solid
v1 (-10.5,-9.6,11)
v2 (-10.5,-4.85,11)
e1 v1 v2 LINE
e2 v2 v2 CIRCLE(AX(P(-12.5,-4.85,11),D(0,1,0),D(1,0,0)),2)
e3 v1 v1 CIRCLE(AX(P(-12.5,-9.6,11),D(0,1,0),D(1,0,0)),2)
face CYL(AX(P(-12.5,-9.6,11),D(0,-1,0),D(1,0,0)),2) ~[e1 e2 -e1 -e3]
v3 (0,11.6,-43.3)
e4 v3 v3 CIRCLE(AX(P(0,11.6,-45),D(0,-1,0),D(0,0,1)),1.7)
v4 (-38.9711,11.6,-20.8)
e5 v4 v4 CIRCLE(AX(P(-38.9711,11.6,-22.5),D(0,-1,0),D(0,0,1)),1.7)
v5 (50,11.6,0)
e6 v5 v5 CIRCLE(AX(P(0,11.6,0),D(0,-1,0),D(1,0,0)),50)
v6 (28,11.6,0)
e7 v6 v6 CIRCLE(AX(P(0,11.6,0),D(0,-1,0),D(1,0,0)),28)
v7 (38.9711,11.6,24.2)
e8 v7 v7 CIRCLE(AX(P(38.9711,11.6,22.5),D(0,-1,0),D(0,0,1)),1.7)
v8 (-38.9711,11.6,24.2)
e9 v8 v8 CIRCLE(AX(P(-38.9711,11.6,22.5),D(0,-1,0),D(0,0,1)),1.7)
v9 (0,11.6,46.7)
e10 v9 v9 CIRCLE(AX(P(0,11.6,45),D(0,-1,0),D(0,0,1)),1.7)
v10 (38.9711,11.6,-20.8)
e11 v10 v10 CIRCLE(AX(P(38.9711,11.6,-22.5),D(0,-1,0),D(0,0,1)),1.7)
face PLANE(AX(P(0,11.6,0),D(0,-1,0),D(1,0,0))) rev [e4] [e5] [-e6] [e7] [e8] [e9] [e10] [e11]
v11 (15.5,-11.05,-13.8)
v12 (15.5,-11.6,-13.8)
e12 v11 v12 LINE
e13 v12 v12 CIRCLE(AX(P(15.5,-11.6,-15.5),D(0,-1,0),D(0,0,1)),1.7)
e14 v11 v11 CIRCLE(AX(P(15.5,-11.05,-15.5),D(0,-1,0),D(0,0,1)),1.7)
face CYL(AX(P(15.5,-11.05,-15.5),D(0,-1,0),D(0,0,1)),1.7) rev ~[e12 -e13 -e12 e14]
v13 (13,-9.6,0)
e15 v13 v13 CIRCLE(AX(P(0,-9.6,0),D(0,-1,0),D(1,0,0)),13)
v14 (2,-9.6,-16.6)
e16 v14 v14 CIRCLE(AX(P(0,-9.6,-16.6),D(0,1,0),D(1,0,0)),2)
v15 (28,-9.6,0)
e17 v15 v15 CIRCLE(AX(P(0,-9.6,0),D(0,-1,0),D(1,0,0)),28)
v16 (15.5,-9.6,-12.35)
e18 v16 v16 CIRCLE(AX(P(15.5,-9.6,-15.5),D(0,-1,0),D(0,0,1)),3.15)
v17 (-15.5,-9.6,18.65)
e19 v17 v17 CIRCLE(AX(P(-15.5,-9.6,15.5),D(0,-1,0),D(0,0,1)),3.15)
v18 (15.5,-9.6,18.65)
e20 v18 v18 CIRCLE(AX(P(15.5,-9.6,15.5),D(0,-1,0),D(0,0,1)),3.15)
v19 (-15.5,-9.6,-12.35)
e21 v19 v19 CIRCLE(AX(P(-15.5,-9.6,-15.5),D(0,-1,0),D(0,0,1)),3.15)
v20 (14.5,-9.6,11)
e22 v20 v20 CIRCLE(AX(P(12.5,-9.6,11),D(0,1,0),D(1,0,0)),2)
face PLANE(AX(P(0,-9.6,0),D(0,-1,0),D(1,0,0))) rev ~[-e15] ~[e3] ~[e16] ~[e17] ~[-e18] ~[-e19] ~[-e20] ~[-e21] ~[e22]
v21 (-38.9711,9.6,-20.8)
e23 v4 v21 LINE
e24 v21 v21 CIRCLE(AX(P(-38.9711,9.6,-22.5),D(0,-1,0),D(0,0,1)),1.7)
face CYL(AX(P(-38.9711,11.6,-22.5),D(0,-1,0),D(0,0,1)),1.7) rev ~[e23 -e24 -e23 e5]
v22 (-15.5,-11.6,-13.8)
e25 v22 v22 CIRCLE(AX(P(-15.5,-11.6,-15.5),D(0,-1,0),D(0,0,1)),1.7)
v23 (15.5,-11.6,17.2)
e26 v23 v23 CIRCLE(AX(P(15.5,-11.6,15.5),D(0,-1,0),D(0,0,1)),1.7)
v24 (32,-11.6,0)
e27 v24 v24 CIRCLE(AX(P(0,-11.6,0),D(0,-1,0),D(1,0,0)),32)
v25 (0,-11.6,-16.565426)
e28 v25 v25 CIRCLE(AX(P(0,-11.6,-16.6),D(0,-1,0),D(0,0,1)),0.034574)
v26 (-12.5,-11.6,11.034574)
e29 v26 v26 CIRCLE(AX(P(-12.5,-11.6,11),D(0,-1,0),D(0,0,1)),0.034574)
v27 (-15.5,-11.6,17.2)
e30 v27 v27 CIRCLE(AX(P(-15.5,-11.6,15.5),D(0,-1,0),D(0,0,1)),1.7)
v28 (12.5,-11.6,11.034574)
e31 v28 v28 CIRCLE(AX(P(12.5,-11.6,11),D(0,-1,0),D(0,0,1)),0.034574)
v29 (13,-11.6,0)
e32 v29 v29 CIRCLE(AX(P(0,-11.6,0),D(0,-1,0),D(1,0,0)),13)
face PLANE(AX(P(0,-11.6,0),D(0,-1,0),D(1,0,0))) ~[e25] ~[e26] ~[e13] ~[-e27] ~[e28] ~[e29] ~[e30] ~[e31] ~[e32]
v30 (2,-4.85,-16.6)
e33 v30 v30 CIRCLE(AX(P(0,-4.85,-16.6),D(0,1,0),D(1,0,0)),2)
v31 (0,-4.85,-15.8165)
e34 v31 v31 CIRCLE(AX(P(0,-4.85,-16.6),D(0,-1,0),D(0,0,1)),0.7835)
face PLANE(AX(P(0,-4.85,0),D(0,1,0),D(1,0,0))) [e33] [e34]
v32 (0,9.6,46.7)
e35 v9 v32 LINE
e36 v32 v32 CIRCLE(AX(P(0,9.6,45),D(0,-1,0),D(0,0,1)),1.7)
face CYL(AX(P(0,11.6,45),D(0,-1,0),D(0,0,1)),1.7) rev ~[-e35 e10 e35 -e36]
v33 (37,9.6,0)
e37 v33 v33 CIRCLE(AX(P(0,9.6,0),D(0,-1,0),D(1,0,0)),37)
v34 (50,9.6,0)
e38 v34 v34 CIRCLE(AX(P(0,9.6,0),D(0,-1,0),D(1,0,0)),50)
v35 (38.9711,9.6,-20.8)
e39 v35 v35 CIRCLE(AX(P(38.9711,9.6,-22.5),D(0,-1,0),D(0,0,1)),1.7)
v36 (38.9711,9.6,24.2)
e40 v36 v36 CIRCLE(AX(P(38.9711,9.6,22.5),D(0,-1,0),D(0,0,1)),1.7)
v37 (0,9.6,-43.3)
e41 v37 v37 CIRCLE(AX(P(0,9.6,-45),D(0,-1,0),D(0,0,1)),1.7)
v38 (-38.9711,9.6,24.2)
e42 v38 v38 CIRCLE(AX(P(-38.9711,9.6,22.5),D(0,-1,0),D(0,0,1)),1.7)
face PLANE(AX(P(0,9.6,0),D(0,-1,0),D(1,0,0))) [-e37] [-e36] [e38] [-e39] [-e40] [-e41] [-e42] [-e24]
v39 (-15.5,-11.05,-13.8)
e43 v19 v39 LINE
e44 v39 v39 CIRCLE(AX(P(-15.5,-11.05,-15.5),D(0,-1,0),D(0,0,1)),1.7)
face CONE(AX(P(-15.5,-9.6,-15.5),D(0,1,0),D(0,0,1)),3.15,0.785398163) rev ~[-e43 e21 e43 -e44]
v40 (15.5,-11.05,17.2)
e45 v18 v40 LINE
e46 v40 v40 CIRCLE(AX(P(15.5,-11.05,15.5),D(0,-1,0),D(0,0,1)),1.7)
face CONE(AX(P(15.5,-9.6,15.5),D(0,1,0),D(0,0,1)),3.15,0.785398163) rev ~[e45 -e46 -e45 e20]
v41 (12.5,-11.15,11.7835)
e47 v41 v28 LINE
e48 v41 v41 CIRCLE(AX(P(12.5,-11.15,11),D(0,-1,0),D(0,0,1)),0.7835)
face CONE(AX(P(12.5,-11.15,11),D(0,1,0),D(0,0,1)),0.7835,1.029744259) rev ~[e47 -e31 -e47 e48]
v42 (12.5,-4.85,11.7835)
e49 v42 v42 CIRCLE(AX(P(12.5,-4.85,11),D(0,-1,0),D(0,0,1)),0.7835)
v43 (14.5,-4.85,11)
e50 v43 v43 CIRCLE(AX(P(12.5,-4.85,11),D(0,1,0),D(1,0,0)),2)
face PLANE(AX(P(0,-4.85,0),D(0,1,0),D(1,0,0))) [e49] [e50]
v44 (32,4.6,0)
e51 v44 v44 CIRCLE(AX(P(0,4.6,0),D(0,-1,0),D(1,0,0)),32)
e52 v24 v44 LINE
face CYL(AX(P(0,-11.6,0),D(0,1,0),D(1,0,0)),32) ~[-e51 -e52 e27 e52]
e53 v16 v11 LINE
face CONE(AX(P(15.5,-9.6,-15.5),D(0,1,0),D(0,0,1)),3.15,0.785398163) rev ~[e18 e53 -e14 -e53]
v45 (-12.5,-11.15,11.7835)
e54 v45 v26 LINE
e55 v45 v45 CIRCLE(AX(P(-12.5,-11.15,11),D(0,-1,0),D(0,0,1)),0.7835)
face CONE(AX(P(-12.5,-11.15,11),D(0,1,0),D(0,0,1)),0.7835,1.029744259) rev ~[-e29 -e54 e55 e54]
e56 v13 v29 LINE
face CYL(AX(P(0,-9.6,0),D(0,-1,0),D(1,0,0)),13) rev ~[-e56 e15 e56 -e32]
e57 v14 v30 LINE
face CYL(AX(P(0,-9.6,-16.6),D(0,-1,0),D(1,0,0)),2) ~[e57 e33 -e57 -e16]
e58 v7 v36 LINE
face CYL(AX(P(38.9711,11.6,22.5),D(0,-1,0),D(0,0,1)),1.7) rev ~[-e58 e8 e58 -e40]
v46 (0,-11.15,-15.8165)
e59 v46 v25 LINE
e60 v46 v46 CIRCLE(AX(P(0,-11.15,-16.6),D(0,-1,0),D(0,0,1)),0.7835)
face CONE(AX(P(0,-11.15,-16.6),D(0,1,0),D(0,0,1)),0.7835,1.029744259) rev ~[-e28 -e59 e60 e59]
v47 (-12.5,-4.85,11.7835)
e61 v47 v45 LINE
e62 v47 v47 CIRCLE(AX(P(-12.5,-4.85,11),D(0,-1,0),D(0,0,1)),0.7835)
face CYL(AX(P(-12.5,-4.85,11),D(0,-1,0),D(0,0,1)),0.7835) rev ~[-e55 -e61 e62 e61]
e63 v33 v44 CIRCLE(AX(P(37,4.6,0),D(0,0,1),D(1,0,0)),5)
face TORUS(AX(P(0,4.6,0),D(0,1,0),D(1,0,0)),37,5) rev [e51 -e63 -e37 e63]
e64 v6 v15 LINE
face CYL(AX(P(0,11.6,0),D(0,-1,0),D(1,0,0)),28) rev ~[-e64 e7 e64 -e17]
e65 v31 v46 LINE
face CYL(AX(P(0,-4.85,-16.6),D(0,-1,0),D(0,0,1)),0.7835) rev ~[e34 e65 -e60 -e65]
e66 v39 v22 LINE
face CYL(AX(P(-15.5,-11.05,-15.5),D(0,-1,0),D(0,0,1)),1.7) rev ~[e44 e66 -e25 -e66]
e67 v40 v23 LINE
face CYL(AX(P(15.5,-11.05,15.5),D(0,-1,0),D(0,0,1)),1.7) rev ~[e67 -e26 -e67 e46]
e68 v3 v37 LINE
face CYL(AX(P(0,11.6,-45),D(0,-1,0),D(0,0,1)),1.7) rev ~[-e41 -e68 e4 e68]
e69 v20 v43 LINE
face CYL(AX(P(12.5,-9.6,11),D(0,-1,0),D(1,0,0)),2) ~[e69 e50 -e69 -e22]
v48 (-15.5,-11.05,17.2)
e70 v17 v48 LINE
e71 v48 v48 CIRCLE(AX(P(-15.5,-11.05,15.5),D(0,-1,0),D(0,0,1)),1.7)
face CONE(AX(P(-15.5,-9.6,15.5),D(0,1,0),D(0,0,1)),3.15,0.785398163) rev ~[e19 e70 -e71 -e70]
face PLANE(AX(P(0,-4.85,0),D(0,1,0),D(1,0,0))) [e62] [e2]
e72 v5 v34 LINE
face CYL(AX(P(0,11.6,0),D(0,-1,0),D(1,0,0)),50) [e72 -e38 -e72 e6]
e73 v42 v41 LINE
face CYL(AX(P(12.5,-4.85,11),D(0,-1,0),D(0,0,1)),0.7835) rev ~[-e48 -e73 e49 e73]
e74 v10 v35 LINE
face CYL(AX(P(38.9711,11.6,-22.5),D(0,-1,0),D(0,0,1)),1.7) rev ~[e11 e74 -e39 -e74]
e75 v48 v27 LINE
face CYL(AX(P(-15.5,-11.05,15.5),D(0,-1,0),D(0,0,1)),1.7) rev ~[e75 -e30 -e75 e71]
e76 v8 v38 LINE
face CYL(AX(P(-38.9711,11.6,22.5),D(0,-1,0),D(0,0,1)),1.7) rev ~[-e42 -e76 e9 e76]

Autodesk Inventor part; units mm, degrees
ref_plane "YZ Plane" through (0, 0, 0) normal (1, 0, 0) x (0, 1, 0)
ref_plane "XZ Plane" through (0, 0, 0) normal (0, 1, 0) x (-1, 0, 0)
ref_plane "XY Plane" through (0, 0, 0) normal (0, 0, 1) x (1, 0, 0)
sketch "Sketch1" plane through (0, 0, 0) normal (0, 0, 1) x (1, 0, 0)
  line L0 (0, 16.24) -> (0, -16.24) construction
  line L1 (-10, 0) -> (60, 0) construction
  line L2 (50, 11.6) -> (50, 9.6)
  line L3 (50, 9.6) -> (32, 9.6)
  line L4 (28, 11.6) -> (28, -9.6)
  line L5 (28, -9.6) -> (13, -9.6)
  line L6 (13, -9.6) -> (13, -11.6)
  line L7 (13, -11.6) -> (32, -11.6)
  line L8 (32, -11.6) -> (32, 9.6)
  line L9 (28, 11.6) -> (50, 11.6)
  point P0 (0, 0)
  dimension "d0" = 2
  dimension "d1" = 2
  dimension "d4" = 50
  dimension "d7" = 13
  dimension "d11" = 19.2
  dimension "d35" = 32
  dimension "d36" = 4
  dimension "d37" = 21.2
revolve "Revolution1" add sketch "Sketch1" angle 360 about axis through (0, 0, 0) along (0, -1, 0)
sketch "Sketch2" plane through (0, -9.6, 0) normal (0, -1, 0) x (1, 0, 0)
  line L0 (0, 70) -> (0, -70) construction
  line L1 (-70, 0) -> (70, 0) construction
  circle A0 centre (0, 0) radius 13 construction
  circle A1 centre (0, 0) radius 32 construction
  line L2 (15.5, -15.5) -> (-15.5, -15.5) construction
  line L3 (-15.5, -15.5) -> (-15.5, 15.5) construction
  line L4 (-15.5, 15.5) -> (15.5, 15.5) construction
  line L5 (15.5, 15.5) -> (15.5, -15.5) construction
  dimension "d14" = 31
  dimension "d15" = 31
hole "Hole1" at (15.5, -9.6, -15.5) at (-15.5, -9.6, -15.5) at (-15.5, -9.6, 15.5) at (15.5, -9.6, 15.5) direction (0, -1, 0) diameter 3.4 end through all countersink diameter 6.3 countersink angle 90 clearance for "Flat Head Machine Screw" size "M3" standard "Ansi Metric M Profile"
sketch "Sketch3" plane through (0, 11.6, 0) normal (0, 1, 0) x (1, 0, 0)
  line L0 (0, 70) -> (0, -70) construction
  line L1 (70, 0) -> (-70, 0) construction
  circle A0 centre (0, 0) radius 45 construction
  point P0 (0, 45)
  point P1 (-38.9711, 22.5)
  point P2 (-38.9711, -22.5)
  point P3 (0, -45)
  point P4 (38.9711, -22.5)
  point P5 (38.9711, 22.5)
  dimension "d23" = 90
  dimension "d26" = 360
hole "Hole2" at (0, 11.6, -45) at (-38.9711, 11.6, -22.5) at (-38.9711, 11.6, 22.5) at (0, 11.6, 45) at (38.9711, 11.6, 22.5) at (38.9711, 11.6, -22.5) direction (0, -1, 0) diameter 3.4 depth 2 clearance for "Flat Head Machine Screw" size "M3" standard "Ansi Metric M Profile"
fillet "Fillet1" radius 5 1 edges at (-32, 9.6, 0)
sketch "Sketch4" plane through (0, -9.6, 0) normal (0, 1, 0) x (1, 0, 0)
  line L0 (0, 70) -> (0, -70) construction
  line L1 (-70, 0) -> (70, 0) construction
  circle A0 centre (0, 16.6) radius 2
  circle A1 centre (12.5, -11) radius 2
  circle A2 centre (-12.5, -11) radius 2
  point P0 (0, 0)
  dimension "d39" = 4
  dimension "d54" = 16.6
  dimension "d55" = 4
  dimension "d56" = 25
  dimension "d57" = 11
extrude "Extrusion1" add sketch "Sketch4" along normal blind 4.75
sketch "Sketch5" plane through (0, -4.85, -16.6) normal (0, 1, 0) x (1, 0, 0)
  circle A0 centre (0, 0) radius 2 construction
  circle A1 centre (-12.5, -27.6) radius 2 construction
  circle A2 centre (12.5, -27.6) radius 2 construction
  circle A3 centre (12.5, -27.6) radius 2 construction
  point P0 (0, -16.6)
hole "Hole3" at (0, -4.85, -16.6) at (-12.5, -4.85, 11) at (12.5, -4.85, 11) direction (0, -1, 0) diameter 1.567 depth 6.3 tip angle 118 thread size "M2x0.4" class "6H" standard "ANSI Metric M Profile"
equation "\"d55\" = d39"
properties part number "Adapter_motor_planetarygearbox" material "Aluminum 6061"
